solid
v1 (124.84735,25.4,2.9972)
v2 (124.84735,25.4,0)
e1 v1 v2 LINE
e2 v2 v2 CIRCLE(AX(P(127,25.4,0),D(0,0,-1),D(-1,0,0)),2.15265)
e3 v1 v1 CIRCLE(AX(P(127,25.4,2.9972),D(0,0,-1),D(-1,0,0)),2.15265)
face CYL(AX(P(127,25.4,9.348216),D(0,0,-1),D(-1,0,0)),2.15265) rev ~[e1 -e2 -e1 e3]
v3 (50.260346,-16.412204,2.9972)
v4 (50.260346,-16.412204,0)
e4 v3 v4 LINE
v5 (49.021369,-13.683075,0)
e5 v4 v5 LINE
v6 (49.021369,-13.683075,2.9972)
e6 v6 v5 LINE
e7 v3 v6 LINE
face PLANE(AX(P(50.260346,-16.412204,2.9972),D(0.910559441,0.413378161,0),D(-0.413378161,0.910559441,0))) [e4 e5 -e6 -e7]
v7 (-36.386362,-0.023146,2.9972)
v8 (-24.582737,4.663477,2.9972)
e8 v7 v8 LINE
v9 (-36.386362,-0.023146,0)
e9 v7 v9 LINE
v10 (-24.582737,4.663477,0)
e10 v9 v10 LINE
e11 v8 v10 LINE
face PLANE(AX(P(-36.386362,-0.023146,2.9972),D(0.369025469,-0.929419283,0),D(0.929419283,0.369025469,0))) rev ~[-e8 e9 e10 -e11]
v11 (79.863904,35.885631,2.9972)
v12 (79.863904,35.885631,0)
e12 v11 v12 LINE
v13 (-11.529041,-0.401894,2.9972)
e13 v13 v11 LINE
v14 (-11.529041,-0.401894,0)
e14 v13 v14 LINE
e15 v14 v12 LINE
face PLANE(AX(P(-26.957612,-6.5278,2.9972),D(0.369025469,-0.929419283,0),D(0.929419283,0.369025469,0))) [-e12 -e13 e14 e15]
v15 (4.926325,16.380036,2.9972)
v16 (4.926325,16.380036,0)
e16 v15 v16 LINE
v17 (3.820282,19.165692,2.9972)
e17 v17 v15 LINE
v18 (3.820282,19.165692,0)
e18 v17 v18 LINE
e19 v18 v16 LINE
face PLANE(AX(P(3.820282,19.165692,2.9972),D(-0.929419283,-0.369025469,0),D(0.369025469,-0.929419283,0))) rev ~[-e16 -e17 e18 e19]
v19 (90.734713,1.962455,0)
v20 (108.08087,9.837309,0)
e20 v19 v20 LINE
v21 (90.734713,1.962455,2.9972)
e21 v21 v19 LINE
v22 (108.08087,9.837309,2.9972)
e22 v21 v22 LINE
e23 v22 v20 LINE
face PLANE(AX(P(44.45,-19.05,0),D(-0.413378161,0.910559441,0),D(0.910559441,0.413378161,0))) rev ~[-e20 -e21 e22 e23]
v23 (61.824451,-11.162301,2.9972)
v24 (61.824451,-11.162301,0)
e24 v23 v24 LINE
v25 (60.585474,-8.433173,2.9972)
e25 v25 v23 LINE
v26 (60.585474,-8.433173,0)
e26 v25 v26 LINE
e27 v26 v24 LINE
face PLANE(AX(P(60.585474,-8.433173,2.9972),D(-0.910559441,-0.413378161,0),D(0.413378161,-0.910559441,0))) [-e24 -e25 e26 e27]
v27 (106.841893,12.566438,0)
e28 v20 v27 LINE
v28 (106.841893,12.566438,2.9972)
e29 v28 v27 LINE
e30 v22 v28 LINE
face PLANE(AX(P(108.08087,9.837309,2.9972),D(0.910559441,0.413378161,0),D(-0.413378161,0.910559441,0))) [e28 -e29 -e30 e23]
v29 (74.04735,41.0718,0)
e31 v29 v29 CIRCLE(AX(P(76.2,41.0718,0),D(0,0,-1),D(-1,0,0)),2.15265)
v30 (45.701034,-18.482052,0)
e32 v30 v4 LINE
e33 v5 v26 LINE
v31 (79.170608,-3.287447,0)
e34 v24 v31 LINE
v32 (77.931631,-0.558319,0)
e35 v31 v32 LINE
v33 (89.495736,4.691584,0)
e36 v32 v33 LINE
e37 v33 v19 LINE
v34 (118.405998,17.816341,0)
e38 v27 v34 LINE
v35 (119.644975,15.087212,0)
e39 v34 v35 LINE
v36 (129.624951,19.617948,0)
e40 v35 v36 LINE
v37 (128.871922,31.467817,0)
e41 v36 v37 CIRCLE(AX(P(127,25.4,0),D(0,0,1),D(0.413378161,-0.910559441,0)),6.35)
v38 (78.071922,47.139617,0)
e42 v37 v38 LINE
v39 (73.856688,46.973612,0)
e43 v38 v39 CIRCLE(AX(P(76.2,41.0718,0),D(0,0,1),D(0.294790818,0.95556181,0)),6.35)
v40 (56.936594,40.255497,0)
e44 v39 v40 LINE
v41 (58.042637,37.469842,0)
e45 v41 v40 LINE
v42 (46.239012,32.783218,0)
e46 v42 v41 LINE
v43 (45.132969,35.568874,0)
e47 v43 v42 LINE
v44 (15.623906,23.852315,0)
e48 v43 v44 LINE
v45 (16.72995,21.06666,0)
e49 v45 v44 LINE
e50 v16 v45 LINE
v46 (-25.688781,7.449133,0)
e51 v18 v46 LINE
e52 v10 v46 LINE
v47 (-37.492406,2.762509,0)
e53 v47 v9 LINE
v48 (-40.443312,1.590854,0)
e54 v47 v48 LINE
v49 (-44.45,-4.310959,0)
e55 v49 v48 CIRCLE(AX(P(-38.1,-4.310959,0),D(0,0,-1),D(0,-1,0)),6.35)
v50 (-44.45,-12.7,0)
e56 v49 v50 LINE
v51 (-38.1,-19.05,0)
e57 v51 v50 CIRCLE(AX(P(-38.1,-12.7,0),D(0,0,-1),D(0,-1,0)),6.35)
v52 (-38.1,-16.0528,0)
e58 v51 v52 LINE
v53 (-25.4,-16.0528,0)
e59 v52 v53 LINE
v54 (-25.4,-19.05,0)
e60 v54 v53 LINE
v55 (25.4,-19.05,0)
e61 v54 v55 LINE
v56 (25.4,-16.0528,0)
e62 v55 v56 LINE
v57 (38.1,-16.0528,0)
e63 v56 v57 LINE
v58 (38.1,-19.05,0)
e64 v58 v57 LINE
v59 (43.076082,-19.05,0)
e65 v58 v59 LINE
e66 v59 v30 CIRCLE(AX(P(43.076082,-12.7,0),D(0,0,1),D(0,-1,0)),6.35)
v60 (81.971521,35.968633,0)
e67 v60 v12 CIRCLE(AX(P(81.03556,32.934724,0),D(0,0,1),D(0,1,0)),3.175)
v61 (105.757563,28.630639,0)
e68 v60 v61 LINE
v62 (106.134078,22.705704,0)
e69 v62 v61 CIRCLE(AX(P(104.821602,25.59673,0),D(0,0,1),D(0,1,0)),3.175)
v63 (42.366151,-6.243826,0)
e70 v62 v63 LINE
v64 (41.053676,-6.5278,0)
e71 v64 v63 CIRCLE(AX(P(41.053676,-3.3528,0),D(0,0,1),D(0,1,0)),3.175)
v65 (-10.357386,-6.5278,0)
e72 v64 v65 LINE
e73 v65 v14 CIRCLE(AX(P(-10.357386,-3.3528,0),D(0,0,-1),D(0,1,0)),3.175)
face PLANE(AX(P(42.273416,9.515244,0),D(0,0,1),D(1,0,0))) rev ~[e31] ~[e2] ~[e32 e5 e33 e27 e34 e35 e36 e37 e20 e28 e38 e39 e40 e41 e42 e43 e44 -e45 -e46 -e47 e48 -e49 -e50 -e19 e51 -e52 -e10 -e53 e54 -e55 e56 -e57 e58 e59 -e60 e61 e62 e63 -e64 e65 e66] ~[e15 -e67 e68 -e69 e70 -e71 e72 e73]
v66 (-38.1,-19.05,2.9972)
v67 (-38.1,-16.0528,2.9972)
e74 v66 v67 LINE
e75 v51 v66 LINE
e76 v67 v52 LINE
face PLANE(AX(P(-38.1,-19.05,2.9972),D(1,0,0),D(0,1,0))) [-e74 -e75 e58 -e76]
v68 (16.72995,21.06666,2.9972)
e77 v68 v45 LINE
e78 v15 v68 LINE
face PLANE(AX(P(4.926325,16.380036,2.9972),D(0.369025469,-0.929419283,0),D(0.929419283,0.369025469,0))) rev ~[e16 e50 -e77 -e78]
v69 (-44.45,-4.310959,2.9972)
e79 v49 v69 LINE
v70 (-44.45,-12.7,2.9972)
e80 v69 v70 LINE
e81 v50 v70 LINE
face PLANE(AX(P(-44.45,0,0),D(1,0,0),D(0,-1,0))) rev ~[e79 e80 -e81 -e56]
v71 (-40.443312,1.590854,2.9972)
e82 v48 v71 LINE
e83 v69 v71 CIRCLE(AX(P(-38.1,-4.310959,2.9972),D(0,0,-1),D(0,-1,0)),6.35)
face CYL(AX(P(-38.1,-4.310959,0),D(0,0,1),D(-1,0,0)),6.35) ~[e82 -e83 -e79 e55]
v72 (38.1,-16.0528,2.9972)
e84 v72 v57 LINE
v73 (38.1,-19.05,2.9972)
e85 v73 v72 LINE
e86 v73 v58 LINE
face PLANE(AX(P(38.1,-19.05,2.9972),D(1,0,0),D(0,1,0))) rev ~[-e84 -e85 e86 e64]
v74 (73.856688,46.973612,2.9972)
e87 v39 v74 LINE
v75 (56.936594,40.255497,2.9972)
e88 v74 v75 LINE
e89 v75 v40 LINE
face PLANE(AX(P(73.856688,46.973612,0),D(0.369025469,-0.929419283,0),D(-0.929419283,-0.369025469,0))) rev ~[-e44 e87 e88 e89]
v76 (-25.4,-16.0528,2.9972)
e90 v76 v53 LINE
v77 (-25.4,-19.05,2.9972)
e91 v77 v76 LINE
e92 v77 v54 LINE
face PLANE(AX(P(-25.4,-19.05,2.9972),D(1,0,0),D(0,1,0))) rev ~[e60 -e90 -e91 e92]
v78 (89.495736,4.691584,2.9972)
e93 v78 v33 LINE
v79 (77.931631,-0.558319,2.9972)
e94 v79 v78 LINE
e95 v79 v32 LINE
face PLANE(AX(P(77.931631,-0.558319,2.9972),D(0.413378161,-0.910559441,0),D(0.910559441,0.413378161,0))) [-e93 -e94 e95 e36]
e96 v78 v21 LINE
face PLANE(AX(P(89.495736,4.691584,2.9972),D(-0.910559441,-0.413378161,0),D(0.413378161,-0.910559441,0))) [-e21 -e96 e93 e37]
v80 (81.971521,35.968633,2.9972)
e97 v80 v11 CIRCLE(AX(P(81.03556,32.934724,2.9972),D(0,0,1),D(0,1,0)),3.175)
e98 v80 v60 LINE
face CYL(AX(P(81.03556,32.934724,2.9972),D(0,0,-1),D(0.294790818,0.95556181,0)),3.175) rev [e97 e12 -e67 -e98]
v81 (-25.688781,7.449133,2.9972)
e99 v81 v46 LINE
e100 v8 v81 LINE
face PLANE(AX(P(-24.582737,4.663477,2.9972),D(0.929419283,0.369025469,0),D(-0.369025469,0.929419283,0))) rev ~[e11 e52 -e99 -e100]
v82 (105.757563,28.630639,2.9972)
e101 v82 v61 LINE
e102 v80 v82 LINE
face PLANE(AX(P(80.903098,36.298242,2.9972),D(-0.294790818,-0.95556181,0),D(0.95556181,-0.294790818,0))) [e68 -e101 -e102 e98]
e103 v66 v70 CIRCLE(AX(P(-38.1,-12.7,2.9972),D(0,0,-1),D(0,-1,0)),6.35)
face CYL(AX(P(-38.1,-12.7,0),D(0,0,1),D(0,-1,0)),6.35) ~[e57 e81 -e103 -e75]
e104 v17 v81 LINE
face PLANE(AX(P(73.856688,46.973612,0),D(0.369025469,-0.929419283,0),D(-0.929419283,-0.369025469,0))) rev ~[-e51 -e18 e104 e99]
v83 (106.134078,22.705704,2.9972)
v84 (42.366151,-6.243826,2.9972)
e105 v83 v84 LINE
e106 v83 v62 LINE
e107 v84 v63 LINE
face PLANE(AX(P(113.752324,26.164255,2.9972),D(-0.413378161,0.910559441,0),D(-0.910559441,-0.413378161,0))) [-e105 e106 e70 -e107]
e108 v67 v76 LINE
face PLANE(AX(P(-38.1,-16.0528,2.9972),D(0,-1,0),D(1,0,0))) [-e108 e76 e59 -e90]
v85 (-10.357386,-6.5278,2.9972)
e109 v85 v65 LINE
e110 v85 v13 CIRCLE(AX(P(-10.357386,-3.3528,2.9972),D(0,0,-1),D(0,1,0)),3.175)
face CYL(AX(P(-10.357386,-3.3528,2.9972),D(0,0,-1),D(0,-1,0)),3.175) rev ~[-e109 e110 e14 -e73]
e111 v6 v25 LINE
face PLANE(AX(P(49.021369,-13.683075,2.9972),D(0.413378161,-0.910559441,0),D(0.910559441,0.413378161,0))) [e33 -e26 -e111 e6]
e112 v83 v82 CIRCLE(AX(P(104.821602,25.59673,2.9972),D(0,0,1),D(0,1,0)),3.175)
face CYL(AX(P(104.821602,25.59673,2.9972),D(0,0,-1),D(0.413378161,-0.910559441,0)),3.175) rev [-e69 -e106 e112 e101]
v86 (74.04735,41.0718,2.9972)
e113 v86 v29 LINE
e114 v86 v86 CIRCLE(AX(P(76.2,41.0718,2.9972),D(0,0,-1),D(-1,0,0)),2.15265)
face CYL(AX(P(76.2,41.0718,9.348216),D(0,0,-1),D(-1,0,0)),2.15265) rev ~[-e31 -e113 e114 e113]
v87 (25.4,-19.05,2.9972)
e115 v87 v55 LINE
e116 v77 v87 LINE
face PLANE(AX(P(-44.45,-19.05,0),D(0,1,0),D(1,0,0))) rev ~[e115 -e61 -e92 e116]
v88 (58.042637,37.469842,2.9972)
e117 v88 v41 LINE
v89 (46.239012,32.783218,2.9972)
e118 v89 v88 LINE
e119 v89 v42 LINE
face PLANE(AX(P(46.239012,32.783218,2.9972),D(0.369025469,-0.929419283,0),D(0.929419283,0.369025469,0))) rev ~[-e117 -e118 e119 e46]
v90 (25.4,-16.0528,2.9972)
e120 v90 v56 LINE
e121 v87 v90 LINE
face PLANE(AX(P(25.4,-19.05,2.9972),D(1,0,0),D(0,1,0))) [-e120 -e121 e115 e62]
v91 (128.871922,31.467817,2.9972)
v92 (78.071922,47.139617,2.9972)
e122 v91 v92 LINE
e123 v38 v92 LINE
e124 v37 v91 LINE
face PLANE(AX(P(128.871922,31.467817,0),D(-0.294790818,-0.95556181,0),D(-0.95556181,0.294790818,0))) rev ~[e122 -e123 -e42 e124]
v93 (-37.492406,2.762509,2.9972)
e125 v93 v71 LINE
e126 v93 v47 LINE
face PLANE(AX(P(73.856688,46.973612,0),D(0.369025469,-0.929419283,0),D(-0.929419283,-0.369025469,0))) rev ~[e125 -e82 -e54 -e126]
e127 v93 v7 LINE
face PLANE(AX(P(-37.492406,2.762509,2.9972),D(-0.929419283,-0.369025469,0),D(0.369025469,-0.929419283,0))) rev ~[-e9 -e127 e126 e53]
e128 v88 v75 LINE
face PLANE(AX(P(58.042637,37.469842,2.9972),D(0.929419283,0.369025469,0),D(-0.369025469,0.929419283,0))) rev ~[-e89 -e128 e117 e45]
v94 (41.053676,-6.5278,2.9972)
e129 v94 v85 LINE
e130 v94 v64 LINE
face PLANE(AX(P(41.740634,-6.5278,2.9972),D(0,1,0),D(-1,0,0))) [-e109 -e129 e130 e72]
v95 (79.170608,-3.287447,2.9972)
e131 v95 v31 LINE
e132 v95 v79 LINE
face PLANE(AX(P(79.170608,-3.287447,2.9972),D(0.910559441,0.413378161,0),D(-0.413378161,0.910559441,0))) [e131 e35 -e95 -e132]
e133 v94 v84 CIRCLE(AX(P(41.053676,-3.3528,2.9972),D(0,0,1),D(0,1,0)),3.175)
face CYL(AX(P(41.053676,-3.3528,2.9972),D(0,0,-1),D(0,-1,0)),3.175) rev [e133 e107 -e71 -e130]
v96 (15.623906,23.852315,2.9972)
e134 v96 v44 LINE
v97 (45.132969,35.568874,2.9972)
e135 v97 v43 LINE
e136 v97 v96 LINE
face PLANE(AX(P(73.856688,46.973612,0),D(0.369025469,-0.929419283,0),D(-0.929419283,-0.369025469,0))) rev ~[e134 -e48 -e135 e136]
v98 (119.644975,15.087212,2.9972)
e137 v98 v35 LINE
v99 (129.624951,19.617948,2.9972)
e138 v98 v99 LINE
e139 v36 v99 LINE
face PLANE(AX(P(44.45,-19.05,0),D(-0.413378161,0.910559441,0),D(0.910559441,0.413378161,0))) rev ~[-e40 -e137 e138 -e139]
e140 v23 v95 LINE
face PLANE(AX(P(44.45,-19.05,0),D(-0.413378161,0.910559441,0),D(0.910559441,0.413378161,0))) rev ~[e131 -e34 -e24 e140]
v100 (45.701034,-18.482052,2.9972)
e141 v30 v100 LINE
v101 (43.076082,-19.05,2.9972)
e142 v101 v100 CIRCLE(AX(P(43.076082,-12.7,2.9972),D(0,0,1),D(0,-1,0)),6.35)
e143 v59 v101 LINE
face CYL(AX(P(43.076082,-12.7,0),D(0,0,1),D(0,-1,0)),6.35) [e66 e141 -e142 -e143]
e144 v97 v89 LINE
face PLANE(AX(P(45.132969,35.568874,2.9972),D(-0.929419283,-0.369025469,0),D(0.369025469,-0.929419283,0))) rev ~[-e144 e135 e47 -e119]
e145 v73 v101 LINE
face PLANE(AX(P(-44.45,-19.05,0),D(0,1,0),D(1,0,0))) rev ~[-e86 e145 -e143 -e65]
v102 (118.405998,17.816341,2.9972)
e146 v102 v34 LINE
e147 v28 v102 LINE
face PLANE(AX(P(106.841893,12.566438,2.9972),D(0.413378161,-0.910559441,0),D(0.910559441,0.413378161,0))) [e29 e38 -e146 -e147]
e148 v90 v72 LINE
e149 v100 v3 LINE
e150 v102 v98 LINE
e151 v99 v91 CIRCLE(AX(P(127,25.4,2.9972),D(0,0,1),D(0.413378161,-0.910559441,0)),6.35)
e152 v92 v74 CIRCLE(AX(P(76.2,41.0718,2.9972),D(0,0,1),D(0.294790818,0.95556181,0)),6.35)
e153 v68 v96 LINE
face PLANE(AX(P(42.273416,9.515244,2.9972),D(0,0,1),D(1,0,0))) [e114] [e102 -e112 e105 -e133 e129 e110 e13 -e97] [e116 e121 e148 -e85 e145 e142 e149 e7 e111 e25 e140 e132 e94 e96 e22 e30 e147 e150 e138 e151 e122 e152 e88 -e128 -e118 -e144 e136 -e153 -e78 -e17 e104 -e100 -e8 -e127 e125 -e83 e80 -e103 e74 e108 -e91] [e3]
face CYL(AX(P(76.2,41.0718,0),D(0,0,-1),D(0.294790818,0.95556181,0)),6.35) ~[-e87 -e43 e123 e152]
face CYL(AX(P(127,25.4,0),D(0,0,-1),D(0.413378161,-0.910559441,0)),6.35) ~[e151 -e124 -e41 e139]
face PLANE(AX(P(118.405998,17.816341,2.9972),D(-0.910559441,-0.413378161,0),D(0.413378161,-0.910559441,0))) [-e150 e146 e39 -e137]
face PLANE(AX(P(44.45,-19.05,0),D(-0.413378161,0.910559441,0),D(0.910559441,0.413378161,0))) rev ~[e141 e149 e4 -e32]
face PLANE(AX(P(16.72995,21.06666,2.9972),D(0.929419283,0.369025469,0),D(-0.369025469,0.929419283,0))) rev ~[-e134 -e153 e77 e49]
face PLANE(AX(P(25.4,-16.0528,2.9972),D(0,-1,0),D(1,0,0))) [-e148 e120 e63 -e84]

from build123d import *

# Parameters (mm, degrees)
BASE_DEPTH              = 2.9972
JOINT_HOLES_D           = 4.3053
JOINT_HOLES_DEPTH       = 6.351016
OUTER_FILLET_R          = 6.35
SKETCH5_W               = 12.7
SKETCH5_H               = 2.9972
BASE_PLATE_SLOTS_DEPTH  = 142.562822885
UNDER_PLATE_SLOTS_DEPTH = 142.562822885
TOP_PLATE_SLOTS_DEPTH   = 142.562822885
INNER_HOLE_DEPTH        = 142.562822885
INNER_FILLET_R          = 3.175


with BuildPart() as part:
    # Sketch2 → Base (new body)
    with BuildSketch(Plane.XY):
        with BuildLine():
            Line((-44.45, -19.05), (44.45, -19.05))
            Line((44.45, -19.05), (129.624951321, 19.617947547))
            ThreePointArc((129.624951321, 19.617947547), (133.337217148, 25.802714314), (128.871921697, 31.467817496))
            Line((128.871921697, 31.467817496), (78.071921697, 47.139617496))
            ThreePointArc((78.071921697, 47.139617496), (75.950116907, 47.416881437), (73.856688269, 46.973612445))
            Line((73.856688269, 46.973612445), (-44.45, 0))
            Line((-44.45, 0), (-44.45, -19.05))
        make_face()
    extrude(amount=BASE_DEPTH)

    # Joint holes
    with Locations(Plane.XY.offset(2.9972)):
        with Locations((76.2, 41.0718), (127, 25.4)):
            Hole(JOINT_HOLES_D / 2, depth=JOINT_HOLES_DEPTH)

    # Outer fillet
    outer_fillet_edges = [part.edges().sort_by_distance(p)[0] for p in [
        (-44.45, 0, 1.4986),
        (44.45, -19.05, 1.4986),
        (-44.45, -19.05, 1.4986),
    ]]
    fillet(outer_fillet_edges, radius=OUTER_FILLET_R)

    # Sketch5 → Base plate slots (cut, through all)
    with BuildSketch(Plane.XY.offset(2.9972)):
        with Locations((-31.75, -17.5514)):
            Rectangle(SKETCH5_W, SKETCH5_H)
        with Locations((31.75, -17.5514)):
            Rectangle(SKETCH5_W, SKETCH5_H)
    extrude(amount=-BASE_PLATE_SLOTS_DEPTH, mode=Mode.SUBTRACT)

    # Sketch6 → Under plate slots (cut, through all)
    with BuildSketch(Plane.XY.offset(2.9972)):
        Polygon((50.260345678, -16.412204047), (49.021368655, -13.683075289), (60.58547356, -8.433172648), (61.824450584, -11.162301405), align=None)
        Polygon((79.170607941, -3.287447443), (77.931630918, -0.558318686), (89.495735823, 4.691583955), (90.734712847, 1.962455198), align=None)
        Polygon((108.080870204, 9.83730916), (106.841893181, 12.566437917), (118.405998086, 17.816340558), (119.644975109, 15.087211801), align=None)
    extrude(amount=-UNDER_PLATE_SLOTS_DEPTH, mode=Mode.SUBTRACT)

    # Sketch7 → Top plate slots (cut, through all)
    with BuildSketch(Plane.XY.offset(2.9972)):
        Polygon((-37.492405509, 2.762509474), (-36.386362372, -0.023146), (-24.582737483, 4.663477462), (-25.68878062, 7.449132936), align=None)
        Polygon((3.820281603, 19.165691592), (4.92632474, 16.380036118), (16.729949629, 21.06665958), (15.623906492, 23.852315054), align=None)
        Polygon((45.132968715, 35.56887371), (46.239011852, 32.783218236), (58.042636741, 37.469841698), (56.936593604, 40.255497172), align=None)
    extrude(amount=-TOP_PLATE_SLOTS_DEPTH, mode=Mode.SUBTRACT)

    # Sketch8 → Inner hole (cut, through all)
    with BuildSketch(Plane.XY.offset(2.9972)):
        Polygon((-26.957611693, -6.5278), (80.903097736, 36.298241679), (113.752323838, 26.164255426), (41.740634412, -6.5278), align=None)
    extrude(amount=-INNER_HOLE_DEPTH, mode=Mode.SUBTRACT)

    # Inner fillet
    inner_fillet_edges = [part.edges().sort_by_distance(p)[0] for p in [
        (41.740634412, -6.5278, 1.4986),
        (-26.957611693, -6.5278, 1.4986),
        (80.903097736, 36.298241679, 1.4986),
        (113.752323838, 26.164255426, 1.4986),
    ]]
    fillet(inner_fillet_edges, radius=INNER_FILLET_R)


solid = part.part
